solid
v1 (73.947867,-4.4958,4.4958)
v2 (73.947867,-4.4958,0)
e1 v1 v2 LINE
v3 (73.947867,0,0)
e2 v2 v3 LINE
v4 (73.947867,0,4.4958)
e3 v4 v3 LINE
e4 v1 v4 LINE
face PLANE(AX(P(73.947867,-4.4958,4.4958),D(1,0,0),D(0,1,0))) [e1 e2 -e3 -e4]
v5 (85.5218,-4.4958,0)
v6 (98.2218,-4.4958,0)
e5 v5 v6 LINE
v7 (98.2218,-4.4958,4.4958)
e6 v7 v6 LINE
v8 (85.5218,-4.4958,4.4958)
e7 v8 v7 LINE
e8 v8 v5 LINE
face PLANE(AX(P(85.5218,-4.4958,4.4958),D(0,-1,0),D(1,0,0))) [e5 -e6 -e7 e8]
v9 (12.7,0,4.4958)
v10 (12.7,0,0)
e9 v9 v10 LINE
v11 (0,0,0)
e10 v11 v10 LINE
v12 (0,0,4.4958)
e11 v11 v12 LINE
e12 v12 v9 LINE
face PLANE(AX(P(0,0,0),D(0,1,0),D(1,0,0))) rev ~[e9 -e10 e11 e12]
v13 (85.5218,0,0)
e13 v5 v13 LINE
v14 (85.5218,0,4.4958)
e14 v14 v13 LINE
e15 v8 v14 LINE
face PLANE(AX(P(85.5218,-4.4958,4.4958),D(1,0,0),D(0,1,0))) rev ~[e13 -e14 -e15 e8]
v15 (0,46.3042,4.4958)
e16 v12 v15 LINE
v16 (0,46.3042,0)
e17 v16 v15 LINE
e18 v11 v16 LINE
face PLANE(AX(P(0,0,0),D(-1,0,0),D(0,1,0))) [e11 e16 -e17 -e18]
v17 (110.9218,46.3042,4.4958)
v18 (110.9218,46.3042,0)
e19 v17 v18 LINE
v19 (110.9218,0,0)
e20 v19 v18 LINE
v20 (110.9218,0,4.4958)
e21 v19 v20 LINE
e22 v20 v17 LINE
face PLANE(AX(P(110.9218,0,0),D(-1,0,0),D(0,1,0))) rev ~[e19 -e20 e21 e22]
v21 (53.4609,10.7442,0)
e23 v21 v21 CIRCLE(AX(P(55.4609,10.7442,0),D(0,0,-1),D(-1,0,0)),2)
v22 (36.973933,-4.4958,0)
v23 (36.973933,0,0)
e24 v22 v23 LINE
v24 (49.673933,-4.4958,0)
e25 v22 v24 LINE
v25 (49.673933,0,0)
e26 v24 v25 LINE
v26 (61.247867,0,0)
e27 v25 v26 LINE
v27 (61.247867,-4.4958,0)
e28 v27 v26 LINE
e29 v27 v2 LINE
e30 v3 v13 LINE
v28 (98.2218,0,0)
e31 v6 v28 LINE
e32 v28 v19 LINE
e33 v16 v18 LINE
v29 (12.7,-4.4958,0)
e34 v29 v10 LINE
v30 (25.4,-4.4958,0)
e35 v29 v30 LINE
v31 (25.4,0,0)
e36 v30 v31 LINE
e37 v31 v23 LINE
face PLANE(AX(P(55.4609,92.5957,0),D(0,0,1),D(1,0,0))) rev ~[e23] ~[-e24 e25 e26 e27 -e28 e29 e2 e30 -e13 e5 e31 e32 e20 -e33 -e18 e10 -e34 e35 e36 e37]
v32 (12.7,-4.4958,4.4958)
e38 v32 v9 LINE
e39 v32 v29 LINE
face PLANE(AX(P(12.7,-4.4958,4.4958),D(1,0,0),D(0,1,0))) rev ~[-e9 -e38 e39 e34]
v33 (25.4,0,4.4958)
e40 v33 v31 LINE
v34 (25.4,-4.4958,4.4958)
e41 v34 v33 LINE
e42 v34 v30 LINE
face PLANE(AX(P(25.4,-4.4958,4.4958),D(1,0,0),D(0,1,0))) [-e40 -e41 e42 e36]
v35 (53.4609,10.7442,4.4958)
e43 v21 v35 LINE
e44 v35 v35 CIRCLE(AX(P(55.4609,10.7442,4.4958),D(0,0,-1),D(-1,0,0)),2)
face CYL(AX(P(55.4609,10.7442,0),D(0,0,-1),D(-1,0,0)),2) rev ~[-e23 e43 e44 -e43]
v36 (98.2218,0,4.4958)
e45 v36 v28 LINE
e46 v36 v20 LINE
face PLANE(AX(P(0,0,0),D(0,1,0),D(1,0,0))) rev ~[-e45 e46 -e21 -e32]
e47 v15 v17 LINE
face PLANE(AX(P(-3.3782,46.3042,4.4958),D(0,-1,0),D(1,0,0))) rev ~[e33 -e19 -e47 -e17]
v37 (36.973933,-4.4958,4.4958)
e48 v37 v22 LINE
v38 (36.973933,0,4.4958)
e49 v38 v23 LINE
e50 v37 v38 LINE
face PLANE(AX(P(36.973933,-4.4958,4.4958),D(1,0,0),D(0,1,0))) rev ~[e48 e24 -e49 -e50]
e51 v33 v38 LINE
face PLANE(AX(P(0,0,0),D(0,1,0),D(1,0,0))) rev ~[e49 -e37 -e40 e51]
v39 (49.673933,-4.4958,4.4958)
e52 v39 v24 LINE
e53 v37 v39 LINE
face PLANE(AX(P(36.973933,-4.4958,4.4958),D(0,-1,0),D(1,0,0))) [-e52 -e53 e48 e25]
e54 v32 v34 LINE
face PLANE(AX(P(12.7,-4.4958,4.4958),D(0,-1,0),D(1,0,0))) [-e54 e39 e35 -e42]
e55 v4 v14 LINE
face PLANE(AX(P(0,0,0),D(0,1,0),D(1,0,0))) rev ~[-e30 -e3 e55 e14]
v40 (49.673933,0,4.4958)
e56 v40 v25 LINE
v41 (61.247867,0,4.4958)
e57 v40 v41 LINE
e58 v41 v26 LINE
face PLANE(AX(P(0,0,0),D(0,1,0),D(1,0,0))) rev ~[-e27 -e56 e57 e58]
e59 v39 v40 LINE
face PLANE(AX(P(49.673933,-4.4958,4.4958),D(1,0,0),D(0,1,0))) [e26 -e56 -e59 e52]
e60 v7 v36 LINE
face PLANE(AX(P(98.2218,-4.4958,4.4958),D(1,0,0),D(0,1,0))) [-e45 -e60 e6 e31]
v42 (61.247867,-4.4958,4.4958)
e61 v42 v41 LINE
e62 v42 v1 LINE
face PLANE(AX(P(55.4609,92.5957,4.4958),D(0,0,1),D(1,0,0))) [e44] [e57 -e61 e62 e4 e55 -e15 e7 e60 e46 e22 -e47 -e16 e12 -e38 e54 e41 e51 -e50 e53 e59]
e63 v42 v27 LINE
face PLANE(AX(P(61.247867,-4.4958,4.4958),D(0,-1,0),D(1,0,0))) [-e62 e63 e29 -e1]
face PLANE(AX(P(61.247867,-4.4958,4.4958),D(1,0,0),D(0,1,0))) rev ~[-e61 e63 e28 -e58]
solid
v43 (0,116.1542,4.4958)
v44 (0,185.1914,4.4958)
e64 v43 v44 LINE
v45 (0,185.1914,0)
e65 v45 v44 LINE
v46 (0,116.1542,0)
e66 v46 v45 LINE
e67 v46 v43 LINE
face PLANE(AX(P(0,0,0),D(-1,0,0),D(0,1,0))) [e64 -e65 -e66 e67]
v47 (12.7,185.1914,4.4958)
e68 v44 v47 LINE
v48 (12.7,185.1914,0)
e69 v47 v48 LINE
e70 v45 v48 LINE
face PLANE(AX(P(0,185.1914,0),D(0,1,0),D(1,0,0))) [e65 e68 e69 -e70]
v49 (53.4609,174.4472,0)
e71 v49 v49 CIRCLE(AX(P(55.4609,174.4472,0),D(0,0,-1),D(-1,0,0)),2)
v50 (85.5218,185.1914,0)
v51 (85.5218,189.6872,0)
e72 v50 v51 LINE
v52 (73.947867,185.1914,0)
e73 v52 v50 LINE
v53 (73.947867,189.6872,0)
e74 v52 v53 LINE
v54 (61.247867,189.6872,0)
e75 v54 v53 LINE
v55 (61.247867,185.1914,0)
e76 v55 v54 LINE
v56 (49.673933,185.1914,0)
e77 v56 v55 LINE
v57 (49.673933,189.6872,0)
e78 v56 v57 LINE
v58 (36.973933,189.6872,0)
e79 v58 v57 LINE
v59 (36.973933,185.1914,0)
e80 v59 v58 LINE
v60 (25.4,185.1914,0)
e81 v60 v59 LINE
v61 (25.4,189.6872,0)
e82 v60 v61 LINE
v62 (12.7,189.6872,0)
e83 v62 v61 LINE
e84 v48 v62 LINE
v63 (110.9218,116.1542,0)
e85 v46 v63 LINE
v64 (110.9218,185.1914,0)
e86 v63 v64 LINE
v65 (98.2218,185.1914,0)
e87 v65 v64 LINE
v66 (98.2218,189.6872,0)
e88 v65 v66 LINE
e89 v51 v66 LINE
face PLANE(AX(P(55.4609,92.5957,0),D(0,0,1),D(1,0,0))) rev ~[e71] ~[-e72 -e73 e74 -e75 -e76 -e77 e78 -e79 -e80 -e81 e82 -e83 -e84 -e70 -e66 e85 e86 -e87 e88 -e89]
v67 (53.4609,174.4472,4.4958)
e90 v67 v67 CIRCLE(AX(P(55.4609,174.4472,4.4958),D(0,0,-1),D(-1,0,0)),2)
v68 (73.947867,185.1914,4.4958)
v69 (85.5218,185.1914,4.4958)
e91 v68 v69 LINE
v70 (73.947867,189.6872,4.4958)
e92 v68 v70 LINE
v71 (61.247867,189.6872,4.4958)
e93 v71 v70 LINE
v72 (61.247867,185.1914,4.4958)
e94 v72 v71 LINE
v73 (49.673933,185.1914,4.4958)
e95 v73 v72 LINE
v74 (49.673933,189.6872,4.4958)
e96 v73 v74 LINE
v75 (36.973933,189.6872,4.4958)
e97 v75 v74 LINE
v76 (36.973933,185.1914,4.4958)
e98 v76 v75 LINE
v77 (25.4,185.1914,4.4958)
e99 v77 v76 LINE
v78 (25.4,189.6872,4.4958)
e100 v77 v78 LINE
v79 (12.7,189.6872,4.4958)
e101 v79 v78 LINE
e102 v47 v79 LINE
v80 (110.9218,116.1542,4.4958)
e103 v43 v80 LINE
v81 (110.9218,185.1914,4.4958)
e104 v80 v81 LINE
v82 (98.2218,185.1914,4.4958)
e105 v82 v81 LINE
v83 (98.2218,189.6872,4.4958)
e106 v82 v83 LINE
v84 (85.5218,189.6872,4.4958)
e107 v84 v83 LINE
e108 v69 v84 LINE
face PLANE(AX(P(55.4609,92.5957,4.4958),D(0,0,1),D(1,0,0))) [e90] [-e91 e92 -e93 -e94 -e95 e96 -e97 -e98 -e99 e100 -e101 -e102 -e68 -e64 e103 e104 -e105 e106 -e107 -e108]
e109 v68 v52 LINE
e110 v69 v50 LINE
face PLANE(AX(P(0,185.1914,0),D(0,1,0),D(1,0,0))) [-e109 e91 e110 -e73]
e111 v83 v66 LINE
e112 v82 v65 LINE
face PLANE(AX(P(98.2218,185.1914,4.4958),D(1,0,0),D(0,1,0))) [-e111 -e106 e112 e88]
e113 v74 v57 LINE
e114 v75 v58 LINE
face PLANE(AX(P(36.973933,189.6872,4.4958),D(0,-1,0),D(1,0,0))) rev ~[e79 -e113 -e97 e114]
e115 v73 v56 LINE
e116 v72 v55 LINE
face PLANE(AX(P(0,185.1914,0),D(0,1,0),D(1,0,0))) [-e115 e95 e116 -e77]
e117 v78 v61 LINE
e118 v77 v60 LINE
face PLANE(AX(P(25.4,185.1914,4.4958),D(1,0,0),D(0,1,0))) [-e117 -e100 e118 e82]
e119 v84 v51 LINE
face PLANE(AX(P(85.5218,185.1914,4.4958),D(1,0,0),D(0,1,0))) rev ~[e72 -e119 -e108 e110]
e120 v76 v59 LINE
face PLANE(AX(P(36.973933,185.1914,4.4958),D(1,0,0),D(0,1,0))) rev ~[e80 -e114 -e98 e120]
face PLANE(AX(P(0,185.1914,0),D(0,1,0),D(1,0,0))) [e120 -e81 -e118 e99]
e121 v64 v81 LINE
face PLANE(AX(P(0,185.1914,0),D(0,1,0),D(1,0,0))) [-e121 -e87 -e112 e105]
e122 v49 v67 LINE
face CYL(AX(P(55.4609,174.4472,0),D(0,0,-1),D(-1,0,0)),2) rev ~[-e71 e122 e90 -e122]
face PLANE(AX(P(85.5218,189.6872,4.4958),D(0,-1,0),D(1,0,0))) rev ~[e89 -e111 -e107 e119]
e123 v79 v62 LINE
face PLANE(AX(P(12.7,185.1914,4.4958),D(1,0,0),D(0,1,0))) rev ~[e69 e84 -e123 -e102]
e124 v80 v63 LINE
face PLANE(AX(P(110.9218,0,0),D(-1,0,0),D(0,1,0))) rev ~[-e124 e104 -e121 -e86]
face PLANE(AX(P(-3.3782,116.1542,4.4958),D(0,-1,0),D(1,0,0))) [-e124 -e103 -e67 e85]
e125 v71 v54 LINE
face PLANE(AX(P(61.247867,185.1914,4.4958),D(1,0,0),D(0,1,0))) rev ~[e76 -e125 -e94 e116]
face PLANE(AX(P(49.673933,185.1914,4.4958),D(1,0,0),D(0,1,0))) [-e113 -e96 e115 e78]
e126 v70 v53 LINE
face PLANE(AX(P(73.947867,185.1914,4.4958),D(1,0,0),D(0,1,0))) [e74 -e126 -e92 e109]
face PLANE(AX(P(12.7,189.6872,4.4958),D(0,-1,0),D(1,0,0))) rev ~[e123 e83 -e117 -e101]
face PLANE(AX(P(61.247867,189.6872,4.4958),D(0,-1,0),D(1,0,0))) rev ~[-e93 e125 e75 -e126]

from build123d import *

# Parameters (mm, degrees)
SKETCH1_W           = 110.9218
SKETCH1_H           = 185.1914
BOSS_EXTRUDE1_DEPTH = 4.4958
SKETCH2_W           = 12.7
SKETCH2_H           = 4.4958
BOSS_EXTRUDE2_DEPTH = 4.4958
SKETCH3_W           = 114.3
SKETCH3_H           = 69.85
CUT_EXTRUDE1_DEPTH  = 220.784193646
SKETCH4_R           = 2
CUT_EXTRUDE2_DEPTH  = 220.784193646


with BuildPart() as part:
    # Sketch1 → Boss-Extrude1 (new body)
    with BuildSketch(Plane.XY):
        with Locations((55.4609, 92.5957)):
            Rectangle(SKETCH1_W, SKETCH1_H)
    extrude(amount=BOSS_EXTRUDE1_DEPTH)

    # Sketch2 → Boss-Extrude2 (add)
    with BuildSketch(Plane.XY.offset(4.4958)):
        with Locations((19.05, 187.4393)):
            Rectangle(SKETCH2_W, SKETCH2_H)
        with Locations((43.323933333, 187.4393)):
            Rectangle(SKETCH2_W, SKETCH2_H)
        with Locations((67.597866667, 187.4393)):
            Rectangle(SKETCH2_W, SKETCH2_H)
        with Locations((91.8718, 187.4393)):
            Rectangle(SKETCH2_W, SKETCH2_H)
        with Locations((91.8718, -2.2479)):
            Rectangle(SKETCH2_W, SKETCH2_H)
        with Locations((67.597866667, -2.2479)):
            Rectangle(SKETCH2_W, SKETCH2_H)
        with Locations((43.323933333, -2.2479)):
            Rectangle(SKETCH2_W, SKETCH2_H)
        with Locations((19.05, -2.2479)):
            Rectangle(SKETCH2_W, SKETCH2_H)
    extrude(amount=-BOSS_EXTRUDE2_DEPTH)

    # Sketch3 → Cut-Extrude1 (cut, through all)
    with BuildSketch(Plane.XY.offset(4.4958)):
        with Locations((53.7718, 81.2292)):
            Rectangle(SKETCH3_W, SKETCH3_H)
    extrude(amount=-CUT_EXTRUDE1_DEPTH, mode=Mode.SUBTRACT)


with BuildPart() as cut_extrude1_piece_1:
    # of the separate pieces the step leaves, piece 1, a body of its own (cut_extrude1_pieces)
    add(part.part.solids().sort_by_distance((0, 185.1914, 0))[0])


with BuildPart() as cut_extrude1_piece_2:
    # of the separate pieces the step leaves, piece 2, a body of its own (cut_extrude1_pieces)
    add(part.part.solids().sort_by_distance((0, 0, 0))[0])


with BuildPart() as cut_extrude2_tool:
    # Sketch4 → Cut-Extrude2 (new, through all)
    with BuildSketch(Plane(origin=(0, 0, 0), x_dir=(-1, 0, 0), z_dir=(0, 0, -1))):
        with Locations((-55.4609, 174.4472)):
            Circle(SKETCH4_R)
        with Locations((-55.4609, 10.7442)):
            Circle(SKETCH4_R)
    extrude(amount=-CUT_EXTRUDE2_DEPTH)


with BuildPart() as cut_extrude1_piece_1_1:
    add(cut_extrude1_piece_1.part)

    # Cut-Extrude2: cut by cut_extrude2_tool
    add(cut_extrude2_tool.part, mode=Mode.SUBTRACT)


with BuildPart() as cut_extrude1_piece_2_1:
    add(cut_extrude1_piece_2.part)

    # Cut-Extrude2: cut by cut_extrude2_tool
    add(cut_extrude2_tool.part, mode=Mode.SUBTRACT)


solid = Compound([cut_extrude1_piece_1_1.part, cut_extrude1_piece_2_1.part])
